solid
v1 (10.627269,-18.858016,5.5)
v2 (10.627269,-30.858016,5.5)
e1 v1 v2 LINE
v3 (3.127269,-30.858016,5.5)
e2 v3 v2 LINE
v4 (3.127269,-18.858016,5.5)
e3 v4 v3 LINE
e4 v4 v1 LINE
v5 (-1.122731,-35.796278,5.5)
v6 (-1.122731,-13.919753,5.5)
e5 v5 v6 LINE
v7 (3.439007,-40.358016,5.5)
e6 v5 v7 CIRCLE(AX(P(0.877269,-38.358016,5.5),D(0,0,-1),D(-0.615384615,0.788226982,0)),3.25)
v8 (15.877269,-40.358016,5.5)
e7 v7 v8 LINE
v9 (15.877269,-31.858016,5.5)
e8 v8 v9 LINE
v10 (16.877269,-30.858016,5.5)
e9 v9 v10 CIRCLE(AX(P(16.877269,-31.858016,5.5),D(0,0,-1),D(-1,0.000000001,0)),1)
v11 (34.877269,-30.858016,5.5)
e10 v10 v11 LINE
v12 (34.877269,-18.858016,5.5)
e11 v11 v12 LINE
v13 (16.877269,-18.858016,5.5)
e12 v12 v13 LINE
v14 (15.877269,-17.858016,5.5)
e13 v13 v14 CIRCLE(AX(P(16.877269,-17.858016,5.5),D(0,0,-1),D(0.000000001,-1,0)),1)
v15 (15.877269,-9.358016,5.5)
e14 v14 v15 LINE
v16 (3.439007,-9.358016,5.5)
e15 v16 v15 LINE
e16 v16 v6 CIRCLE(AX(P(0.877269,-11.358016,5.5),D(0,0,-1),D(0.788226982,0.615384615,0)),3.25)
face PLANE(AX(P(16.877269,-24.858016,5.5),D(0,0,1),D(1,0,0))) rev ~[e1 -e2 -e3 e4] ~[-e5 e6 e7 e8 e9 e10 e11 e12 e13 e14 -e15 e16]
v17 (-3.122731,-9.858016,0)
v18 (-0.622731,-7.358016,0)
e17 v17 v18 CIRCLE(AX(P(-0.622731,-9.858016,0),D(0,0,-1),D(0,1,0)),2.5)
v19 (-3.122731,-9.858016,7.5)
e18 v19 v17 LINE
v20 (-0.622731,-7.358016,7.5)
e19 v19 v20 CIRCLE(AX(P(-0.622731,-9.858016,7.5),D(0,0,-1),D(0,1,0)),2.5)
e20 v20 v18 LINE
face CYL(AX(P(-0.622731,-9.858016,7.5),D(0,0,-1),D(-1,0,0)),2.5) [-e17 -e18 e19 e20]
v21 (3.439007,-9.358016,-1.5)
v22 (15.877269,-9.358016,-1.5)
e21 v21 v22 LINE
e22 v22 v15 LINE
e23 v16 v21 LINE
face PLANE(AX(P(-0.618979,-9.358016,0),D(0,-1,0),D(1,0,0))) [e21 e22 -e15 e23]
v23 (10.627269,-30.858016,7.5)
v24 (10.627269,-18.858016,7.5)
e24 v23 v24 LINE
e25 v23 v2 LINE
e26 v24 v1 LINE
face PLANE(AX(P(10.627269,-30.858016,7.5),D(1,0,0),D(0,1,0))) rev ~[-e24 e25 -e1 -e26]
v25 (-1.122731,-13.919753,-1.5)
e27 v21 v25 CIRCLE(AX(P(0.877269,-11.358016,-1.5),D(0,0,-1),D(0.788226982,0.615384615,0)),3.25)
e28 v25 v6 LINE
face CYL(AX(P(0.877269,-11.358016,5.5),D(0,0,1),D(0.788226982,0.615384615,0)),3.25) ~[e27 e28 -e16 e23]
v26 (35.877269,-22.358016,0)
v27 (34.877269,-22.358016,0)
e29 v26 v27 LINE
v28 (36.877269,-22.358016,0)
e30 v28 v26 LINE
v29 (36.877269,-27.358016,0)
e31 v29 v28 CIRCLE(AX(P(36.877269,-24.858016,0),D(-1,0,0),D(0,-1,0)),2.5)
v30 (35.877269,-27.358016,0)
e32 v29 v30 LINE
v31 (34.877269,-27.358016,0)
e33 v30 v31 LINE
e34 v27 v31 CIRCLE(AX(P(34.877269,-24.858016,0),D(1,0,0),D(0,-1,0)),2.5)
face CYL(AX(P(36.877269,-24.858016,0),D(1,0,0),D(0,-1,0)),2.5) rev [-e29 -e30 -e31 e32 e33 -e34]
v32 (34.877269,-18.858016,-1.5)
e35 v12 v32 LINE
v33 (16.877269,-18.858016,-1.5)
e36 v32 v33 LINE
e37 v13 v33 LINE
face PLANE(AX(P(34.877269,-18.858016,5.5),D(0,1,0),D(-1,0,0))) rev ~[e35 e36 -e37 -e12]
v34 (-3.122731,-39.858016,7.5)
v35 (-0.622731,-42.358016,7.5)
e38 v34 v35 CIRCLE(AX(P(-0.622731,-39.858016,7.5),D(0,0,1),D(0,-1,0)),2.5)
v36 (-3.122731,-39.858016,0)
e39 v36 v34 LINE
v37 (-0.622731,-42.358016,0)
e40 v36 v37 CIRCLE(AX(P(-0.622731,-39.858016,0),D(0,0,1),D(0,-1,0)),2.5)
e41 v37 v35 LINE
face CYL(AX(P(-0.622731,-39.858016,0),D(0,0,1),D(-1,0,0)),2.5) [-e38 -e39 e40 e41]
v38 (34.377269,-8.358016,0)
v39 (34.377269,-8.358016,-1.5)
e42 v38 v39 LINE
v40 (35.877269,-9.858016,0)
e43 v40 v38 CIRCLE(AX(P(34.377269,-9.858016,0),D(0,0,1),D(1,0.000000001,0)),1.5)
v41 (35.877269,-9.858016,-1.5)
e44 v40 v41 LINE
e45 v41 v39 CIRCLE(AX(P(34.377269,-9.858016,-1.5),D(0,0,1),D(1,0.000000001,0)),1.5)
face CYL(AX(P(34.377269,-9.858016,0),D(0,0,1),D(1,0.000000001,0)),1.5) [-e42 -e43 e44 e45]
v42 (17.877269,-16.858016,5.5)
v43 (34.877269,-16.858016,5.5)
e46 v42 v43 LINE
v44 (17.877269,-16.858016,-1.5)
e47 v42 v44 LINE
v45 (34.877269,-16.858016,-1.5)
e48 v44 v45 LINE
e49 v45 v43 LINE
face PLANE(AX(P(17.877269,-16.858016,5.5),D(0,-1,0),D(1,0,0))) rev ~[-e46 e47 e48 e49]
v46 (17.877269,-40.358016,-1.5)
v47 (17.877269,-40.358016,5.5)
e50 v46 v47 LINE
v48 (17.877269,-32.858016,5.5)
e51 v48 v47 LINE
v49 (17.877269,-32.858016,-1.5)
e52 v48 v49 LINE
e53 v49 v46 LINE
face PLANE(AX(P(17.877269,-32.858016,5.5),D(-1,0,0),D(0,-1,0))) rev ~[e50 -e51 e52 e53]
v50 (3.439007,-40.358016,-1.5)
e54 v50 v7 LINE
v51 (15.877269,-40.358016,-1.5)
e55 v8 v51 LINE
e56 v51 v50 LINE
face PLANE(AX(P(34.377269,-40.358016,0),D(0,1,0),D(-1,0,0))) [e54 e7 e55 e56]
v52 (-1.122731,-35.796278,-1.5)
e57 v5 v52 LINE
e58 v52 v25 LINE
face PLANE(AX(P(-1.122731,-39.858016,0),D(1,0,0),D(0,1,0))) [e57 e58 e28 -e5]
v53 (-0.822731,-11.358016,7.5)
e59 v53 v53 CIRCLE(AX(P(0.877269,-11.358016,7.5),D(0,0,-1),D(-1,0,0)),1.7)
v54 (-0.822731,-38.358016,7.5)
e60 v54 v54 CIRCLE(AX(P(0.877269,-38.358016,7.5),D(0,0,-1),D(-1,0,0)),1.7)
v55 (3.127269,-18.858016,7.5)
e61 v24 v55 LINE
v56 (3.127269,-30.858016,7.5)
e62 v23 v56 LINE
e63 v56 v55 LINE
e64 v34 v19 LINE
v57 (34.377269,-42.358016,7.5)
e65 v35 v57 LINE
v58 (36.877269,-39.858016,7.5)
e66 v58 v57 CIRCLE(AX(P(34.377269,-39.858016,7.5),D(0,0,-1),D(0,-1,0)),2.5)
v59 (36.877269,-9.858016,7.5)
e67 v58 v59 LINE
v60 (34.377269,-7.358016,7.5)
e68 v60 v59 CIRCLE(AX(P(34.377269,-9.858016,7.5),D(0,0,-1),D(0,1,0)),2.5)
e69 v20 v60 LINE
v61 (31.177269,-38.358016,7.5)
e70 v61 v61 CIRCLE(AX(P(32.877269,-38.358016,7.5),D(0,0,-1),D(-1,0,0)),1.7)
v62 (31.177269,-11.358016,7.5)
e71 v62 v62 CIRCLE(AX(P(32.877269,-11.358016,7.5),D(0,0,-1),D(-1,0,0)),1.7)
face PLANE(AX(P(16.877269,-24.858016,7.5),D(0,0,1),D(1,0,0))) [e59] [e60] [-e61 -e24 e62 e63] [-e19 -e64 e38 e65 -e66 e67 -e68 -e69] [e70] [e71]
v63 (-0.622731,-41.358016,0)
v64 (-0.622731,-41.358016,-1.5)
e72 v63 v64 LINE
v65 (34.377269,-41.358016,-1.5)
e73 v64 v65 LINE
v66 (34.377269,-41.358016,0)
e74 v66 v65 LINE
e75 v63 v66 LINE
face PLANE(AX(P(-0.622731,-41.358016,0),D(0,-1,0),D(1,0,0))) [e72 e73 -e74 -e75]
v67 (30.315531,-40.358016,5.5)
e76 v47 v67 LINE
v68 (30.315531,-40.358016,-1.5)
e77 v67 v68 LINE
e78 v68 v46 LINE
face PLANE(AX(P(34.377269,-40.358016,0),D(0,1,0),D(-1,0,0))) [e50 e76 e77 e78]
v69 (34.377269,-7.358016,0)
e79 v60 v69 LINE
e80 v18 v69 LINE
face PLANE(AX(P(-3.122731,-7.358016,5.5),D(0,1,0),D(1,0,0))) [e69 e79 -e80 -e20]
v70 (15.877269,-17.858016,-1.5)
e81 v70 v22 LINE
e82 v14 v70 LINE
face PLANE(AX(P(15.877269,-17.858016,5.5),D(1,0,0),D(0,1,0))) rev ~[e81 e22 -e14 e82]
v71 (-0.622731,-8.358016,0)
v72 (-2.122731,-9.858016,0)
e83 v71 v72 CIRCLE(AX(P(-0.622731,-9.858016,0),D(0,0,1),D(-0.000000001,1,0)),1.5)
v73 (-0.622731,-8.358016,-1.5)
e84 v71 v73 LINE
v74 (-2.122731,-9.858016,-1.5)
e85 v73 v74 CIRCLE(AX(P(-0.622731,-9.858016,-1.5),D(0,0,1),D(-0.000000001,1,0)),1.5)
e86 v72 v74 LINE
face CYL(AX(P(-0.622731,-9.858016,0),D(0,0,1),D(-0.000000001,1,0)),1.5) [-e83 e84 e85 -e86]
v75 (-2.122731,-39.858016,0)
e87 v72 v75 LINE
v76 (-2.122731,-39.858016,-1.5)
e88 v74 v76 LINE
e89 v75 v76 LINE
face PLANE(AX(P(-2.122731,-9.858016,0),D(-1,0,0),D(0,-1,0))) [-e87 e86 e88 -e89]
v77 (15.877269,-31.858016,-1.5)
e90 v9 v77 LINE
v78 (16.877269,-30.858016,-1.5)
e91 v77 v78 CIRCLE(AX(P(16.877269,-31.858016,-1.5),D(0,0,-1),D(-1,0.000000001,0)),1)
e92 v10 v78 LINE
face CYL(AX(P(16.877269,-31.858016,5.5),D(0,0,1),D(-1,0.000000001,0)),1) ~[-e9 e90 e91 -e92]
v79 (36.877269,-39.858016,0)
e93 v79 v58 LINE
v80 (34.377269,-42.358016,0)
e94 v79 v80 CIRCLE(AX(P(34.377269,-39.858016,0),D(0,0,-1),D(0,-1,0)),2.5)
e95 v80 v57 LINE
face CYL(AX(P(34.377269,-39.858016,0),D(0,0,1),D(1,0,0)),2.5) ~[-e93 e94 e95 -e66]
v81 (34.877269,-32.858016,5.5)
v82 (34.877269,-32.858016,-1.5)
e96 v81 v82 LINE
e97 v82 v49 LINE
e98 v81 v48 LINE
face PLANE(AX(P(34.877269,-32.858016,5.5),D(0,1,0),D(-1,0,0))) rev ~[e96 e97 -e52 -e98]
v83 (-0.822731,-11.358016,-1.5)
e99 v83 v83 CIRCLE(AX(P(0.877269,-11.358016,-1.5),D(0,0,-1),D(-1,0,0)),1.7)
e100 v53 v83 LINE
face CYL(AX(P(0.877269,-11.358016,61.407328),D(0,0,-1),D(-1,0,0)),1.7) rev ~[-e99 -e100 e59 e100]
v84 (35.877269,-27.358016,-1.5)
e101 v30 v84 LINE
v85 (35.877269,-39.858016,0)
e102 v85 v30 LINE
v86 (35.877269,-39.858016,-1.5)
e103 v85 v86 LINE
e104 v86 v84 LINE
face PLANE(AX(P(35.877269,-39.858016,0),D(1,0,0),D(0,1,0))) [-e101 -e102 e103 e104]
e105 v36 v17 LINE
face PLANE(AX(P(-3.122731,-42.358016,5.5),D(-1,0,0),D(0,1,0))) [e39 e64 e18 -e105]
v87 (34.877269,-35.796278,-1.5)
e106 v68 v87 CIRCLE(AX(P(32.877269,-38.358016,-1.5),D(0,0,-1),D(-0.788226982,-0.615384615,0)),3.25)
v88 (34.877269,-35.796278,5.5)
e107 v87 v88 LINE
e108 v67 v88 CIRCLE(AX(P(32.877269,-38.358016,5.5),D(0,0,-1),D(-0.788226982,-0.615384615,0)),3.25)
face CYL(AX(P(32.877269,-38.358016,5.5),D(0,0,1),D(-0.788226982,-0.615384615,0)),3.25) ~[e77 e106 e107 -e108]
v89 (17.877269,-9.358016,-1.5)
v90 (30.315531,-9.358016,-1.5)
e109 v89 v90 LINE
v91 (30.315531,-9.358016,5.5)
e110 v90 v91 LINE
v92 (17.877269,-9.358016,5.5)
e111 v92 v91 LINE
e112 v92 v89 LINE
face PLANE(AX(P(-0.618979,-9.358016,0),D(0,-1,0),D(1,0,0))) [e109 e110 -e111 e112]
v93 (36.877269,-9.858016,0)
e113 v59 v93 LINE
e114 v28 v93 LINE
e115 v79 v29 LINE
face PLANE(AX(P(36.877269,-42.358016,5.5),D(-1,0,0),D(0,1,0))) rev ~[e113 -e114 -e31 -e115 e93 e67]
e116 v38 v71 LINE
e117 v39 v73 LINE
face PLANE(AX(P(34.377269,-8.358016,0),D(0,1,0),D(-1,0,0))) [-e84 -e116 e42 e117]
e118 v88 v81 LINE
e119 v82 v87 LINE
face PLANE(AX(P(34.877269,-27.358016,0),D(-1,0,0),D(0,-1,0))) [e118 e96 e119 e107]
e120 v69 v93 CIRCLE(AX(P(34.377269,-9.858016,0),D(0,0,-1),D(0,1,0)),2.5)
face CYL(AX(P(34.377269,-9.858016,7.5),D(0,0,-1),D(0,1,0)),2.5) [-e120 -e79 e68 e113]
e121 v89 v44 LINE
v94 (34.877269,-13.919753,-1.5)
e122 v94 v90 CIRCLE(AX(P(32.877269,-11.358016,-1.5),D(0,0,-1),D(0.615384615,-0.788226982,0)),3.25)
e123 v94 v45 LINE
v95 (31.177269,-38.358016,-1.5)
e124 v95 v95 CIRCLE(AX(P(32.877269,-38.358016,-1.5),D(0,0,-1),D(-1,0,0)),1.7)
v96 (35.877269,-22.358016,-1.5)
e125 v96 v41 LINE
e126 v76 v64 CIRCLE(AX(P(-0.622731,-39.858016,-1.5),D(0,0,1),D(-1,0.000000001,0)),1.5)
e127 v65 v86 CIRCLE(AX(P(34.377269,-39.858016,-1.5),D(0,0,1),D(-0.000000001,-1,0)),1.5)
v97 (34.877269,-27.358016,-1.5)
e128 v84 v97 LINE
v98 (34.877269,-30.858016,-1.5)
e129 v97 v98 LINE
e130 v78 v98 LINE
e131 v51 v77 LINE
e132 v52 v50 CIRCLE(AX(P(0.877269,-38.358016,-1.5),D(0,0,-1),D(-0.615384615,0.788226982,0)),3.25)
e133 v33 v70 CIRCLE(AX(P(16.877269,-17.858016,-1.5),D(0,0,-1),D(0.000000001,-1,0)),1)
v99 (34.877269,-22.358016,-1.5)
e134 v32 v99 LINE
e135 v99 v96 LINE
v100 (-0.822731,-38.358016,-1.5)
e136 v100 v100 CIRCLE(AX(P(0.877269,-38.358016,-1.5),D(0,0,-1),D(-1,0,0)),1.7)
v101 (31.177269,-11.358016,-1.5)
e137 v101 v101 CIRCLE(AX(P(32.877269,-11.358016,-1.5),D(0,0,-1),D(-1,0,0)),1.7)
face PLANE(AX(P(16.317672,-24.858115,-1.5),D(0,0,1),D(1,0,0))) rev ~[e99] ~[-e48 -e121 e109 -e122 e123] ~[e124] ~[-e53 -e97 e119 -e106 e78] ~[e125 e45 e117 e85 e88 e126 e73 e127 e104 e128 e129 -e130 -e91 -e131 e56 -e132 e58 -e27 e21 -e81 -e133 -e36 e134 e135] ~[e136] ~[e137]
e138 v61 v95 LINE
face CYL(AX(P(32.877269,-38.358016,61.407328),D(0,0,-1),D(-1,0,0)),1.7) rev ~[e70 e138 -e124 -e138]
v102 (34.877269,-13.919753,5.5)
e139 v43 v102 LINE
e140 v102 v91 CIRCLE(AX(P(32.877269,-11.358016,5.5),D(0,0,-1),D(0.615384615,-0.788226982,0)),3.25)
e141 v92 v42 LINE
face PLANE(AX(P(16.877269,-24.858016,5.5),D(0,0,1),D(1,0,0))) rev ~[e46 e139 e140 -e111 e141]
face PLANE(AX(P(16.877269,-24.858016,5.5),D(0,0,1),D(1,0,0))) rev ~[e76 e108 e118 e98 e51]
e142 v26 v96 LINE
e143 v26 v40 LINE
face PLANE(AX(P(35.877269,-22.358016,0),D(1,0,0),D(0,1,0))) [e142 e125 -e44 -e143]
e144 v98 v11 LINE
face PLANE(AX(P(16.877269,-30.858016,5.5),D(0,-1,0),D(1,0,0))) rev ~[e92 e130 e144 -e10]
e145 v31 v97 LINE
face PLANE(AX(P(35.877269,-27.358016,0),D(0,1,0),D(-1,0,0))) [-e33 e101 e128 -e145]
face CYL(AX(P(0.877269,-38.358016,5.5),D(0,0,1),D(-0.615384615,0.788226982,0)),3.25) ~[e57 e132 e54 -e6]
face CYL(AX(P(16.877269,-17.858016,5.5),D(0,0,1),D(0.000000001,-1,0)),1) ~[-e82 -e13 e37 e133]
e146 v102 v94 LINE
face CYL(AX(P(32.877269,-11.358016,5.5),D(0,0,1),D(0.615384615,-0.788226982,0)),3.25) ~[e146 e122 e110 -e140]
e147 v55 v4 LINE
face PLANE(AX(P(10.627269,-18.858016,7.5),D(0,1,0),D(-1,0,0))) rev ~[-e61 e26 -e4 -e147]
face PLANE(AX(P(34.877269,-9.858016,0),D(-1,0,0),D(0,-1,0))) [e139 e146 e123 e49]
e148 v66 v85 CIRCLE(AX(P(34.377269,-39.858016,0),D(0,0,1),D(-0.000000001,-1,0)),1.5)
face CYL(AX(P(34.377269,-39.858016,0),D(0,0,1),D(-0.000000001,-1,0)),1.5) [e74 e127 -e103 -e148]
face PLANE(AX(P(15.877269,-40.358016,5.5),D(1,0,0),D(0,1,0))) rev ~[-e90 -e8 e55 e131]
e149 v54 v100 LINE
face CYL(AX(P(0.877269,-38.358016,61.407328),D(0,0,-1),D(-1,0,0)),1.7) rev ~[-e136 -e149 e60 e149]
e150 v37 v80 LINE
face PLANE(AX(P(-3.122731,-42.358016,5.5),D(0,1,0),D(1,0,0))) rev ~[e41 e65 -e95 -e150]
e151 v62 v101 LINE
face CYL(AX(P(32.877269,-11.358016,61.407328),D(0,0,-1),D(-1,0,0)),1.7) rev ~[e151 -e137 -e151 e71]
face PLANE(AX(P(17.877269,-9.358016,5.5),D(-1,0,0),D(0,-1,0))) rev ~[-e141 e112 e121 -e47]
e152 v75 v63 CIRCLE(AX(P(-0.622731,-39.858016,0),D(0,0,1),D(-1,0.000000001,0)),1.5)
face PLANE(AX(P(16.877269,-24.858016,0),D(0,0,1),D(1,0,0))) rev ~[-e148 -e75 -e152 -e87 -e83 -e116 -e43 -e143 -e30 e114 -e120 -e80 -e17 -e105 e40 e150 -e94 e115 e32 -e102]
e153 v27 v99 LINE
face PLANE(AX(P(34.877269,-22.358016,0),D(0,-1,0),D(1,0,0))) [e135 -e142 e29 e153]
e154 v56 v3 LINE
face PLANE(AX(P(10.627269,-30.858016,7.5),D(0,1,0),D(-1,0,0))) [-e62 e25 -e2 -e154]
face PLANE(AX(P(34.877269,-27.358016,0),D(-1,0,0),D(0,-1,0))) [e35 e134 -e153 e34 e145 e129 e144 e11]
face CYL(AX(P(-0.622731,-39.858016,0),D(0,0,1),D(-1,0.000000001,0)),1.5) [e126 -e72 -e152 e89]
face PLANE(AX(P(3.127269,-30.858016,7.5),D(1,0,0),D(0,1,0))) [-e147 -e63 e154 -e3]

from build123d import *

# Parameters (mm, degrees)
ESQUISSE1_W             = 40
ESQUISSE1_H             = 35
ESQUISSE1_W_2           = 36
ESQUISSE1_H_2           = 31
BOSS_EXTRU_1_DEPTH      = 5.5
ESQUISSE2_W             = 40
ESQUISSE2_H             = 35
BOSS_EXTRU_2_DEPTH      = 2
ENL_V_MAT_EXTRU_1_REACH = 42
BOSS_EXTRU_3_DEPTH      = 7
ENL_V_MAT_EXTRU_2_REACH = 11
ESQUISSE9_W             = 7.5
ESQUISSE9_H             = 12
D_GAGEMENT_M31_D        = 3.4
CONG_1_R                = 2.5
BOSS_EXTRU_6_DEPTH      = 1.5


with BuildPart() as part:
    # Esquisse1 → Boss.-Extru.1 (new body)
    with BuildSketch(Plane.XY):
        with Locations((16.877269095, -24.858015503)):
            Rectangle(ESQUISSE1_W, ESQUISSE1_H)
        with Locations((16.877269095, -24.858015503)):
            Rectangle(ESQUISSE1_W_2, ESQUISSE1_H_2, mode=Mode.SUBTRACT)
    extrude(amount=BOSS_EXTRU_1_DEPTH)

    # Esquisse2 → Boss.-Extru.2 (add)
    with BuildSketch(Plane.XY.offset(5.5)):
        with Locations((16.877269095, -24.858015503)):
            Rectangle(ESQUISSE2_W, ESQUISSE2_H)
    extrude(amount=BOSS_EXTRU_2_DEPTH)

    # Esquisse3 → Enlèv. mat.-Extru.1 (cut, up to next)
    with BuildSketch(Plane(origin=(36.877269095, 0, 0), x_dir=(0, 0, -1), z_dir=(1, 0, 0)), mode=Mode.PRIVATE) as enl_v_mat_extru_1_sk1:
        with BuildLine():
            Line((0, -22.358015503), (0, -27.358015503))
            ThreePointArc((0, -27.358015503), (-2.5, -24.858015503), (0, -22.358015503))
        make_face()
    enl_v_mat_extru_1_tool1 = extrude(enl_v_mat_extru_1_sk1.sketch, amount=-ENL_V_MAT_EXTRU_1_REACH, mode=Mode.PRIVATE) & part.part
    add(enl_v_mat_extru_1_tool1.solids().sort_by_distance((36.877269, -24.858016, 1.061033))[0], mode=Mode.SUBTRACT)

    # Esquisse4 → Boss.-Extru.3 (add)
    with BuildSketch(Plane(origin=(0, 0, 5.5), x_dir=(-1, 0, 0), z_dir=(0, 0, -1))):
        with BuildLine():
            ThreePointArc((-34.877269095, -13.919753195), (-30.579172056, -13.656112542), (-30.315531404, -9.358015503))
            Line((-30.315531404, -9.358015503), (-34.877269095, -9.358015503))
            Line((-34.877269095, -9.358015503), (-34.877269095, -13.919753195))
        make_face()
        with BuildLine():
            Line((-34.877269095, -32.858015503), (-17.877269095, -32.858015503))
            Line((-17.877269095, -32.858015503), (-17.877269095, -40.358015503))
            Line((-17.877269095, -40.358015503), (-15.877269095, -40.358015503))
            Line((-15.877269095, -40.358015503), (-15.877269095, -31.858015503))
            ThreePointArc((-15.877269095, -31.858015503), (-16.170162314, -31.150908722), (-16.877269095, -30.858015503))
            Line((-16.877269095, -30.858015503), (-34.877269095, -30.858015503))
            Line((-34.877269095, -30.858015503), (-34.877269095, -32.858015503))
        make_face()
        with BuildLine():
            Line((-34.877269095, -35.796277812), (-34.877269095, -40.358015503))
            Line((-34.877269095, -40.358015503), (-30.315531404, -40.358015503))
            ThreePointArc((-30.315531404, -40.358015503), (-30.579172056, -36.059918465), (-34.877269095, -35.796277812))
        make_face()
        with BuildLine():
            Line((-17.877269095, -16.858015503), (-34.877269095, -16.858015503))
            Line((-34.877269095, -16.858015503), (-34.877269095, -18.858015503))
            Line((-34.877269095, -18.858015503), (-16.877269095, -18.858015503))
            ThreePointArc((-16.877269095, -18.858015503), (-16.170162314, -18.565122285), (-15.877269095, -17.858015503))
            Line((-15.877269095, -17.858015503), (-15.877269095, -9.358015503))
            Line((-15.877269095, -9.358015503), (-17.877269095, -9.358015503))
            Line((-17.877269095, -9.358015503), (-17.877269095, -16.858015503))
        make_face()
        with BuildLine():
            Line((-3.439006787, -40.358015503), (1.122730905, -40.358015503))
            Line((1.122730905, -40.358015503), (1.122730905, -35.796277812))
            ThreePointArc((1.122730905, -35.796277812), (-3.175366134, -36.059918465), (-3.439006787, -40.358015503))
        make_face()
        with BuildLine():
            Line((1.122730905, -13.919753195), (1.122730905, -9.358015503))
            Line((1.122730905, -9.358015503), (-3.439006787, -9.358015503))
            ThreePointArc((-3.439006787, -9.358015503), (-3.175366134, -13.656112542), (1.122730905, -13.919753195))
        make_face()
    extrude(amount=BOSS_EXTRU_3_DEPTH)

    # Esquisse9 → Enlèv. mat.-Extru.2 (cut, up to next)
    with BuildSketch(Plane(origin=(6.5, 0, 7.5), x_dir=(-1, 0, 0), z_dir=(0, 0, -1)), mode=Mode.PRIVATE) as enl_v_mat_extru_2_sk1:
        with Locations((-0.377269095, -24.858015503)):
            Rectangle(ESQUISSE9_W, ESQUISSE9_H)
    enl_v_mat_extru_2_tool1 = extrude(enl_v_mat_extru_2_sk1.sketch, amount=ENL_V_MAT_EXTRU_2_REACH, mode=Mode.PRIVATE) & part.part
    add(enl_v_mat_extru_2_tool1.solids().sort_by_distance((6.877269, -24.858016, 7.5))[0], mode=Mode.SUBTRACT)

    # Dégagement M31 (through all)
    with Locations(Plane.XY.offset(7.5)):
        with Locations((0.877269095, -11.358015503), (32.877269095, -38.358015503), (32.877269095, -11.358015503), (0.877269095, -38.358015503)):
            Hole(D_GAGEMENT_M31_D / 2)

    # Congé1
    cong_1_edges = [part.edges().sort_by_distance(p)[0] for p in [
        (-3.122730905, -7.358015503, 3.75),
        (36.877269095, -7.358015503, 3.75),
        (36.877269095, -42.358015503, 3.75),
        (-3.122730905, -42.358015503, 3.75),
    ]]
    fillet(cong_1_edges, radius=CONG_1_R)

    # Esquisse13 → Boss.-Extru.6 (add)
    with BuildSketch(Plane(origin=(0, 0, 0), x_dir=(-1, 0, 0), z_dir=(0, 0, -1))):
        with BuildLine():
            Line((-35.877269095, -27.358015503), (-34.877269095, -27.358015503))
            Line((-34.877269095, -27.358015503), (-34.877269095, -39.858015503))
            ThreePointArc((-34.877269095, -39.858015503), (-34.730822486, -40.211568894), (-34.377269095, -40.358015503))
            Line((-34.377269095, -40.358015503), (0.622730905, -40.358015503))
            ThreePointArc((0.622730905, -40.358015503), (0.976284295, -40.211568894), (1.122730905, -39.858015503))
            Line((1.122730905, -39.858015503), (1.122730905, -9.861767147))
            ThreePointArc((1.122730905, -9.861767147), (0.975185464, -9.505560944), (0.618979261, -9.358015503))
            Line((0.618979261, -9.358015503), (-34.377269095, -9.358015503))
            ThreePointArc((-34.377269095, -9.358015503), (-34.730822486, -9.504462113), (-34.877269095, -9.858015503))
            Line((-34.877269095, -9.858015503), (-34.877269095, -22.358015503))
            Line((-34.877269095, -22.358015503), (-35.877269095, -22.358015503))
            Line((-35.877269095, -22.358015503), (-35.877269095, -9.858015503))
            ThreePointArc((-35.877269095, -9.858015503), (-35.437929267, -8.797355332), (-34.377269095, -8.358015503))
            Line((-34.377269095, -8.358015503), (0.622730905, -8.358015503))
            ThreePointArc((0.622730905, -8.358015503), (1.683391077, -8.797355332), (2.122730905, -9.858015503))
            Line((2.122730905, -9.858015503), (2.122730905, -39.858015503))
            ThreePointArc((2.122730905, -39.858015503), (1.683391077, -40.918675675), (0.622730905, -41.358015503))
            Line((0.622730905, -41.358015503), (-34.377269095, -41.358015503))
            ThreePointArc((-34.377269095, -41.358015503), (-35.437929267, -40.918675675), (-35.877269095, -39.858015503))
            Line((-35.877269095, -39.858015503), (-35.877269095, -27.358015503))
        make_face()
    extrude(amount=BOSS_EXTRU_6_DEPTH)


solid = part.part
